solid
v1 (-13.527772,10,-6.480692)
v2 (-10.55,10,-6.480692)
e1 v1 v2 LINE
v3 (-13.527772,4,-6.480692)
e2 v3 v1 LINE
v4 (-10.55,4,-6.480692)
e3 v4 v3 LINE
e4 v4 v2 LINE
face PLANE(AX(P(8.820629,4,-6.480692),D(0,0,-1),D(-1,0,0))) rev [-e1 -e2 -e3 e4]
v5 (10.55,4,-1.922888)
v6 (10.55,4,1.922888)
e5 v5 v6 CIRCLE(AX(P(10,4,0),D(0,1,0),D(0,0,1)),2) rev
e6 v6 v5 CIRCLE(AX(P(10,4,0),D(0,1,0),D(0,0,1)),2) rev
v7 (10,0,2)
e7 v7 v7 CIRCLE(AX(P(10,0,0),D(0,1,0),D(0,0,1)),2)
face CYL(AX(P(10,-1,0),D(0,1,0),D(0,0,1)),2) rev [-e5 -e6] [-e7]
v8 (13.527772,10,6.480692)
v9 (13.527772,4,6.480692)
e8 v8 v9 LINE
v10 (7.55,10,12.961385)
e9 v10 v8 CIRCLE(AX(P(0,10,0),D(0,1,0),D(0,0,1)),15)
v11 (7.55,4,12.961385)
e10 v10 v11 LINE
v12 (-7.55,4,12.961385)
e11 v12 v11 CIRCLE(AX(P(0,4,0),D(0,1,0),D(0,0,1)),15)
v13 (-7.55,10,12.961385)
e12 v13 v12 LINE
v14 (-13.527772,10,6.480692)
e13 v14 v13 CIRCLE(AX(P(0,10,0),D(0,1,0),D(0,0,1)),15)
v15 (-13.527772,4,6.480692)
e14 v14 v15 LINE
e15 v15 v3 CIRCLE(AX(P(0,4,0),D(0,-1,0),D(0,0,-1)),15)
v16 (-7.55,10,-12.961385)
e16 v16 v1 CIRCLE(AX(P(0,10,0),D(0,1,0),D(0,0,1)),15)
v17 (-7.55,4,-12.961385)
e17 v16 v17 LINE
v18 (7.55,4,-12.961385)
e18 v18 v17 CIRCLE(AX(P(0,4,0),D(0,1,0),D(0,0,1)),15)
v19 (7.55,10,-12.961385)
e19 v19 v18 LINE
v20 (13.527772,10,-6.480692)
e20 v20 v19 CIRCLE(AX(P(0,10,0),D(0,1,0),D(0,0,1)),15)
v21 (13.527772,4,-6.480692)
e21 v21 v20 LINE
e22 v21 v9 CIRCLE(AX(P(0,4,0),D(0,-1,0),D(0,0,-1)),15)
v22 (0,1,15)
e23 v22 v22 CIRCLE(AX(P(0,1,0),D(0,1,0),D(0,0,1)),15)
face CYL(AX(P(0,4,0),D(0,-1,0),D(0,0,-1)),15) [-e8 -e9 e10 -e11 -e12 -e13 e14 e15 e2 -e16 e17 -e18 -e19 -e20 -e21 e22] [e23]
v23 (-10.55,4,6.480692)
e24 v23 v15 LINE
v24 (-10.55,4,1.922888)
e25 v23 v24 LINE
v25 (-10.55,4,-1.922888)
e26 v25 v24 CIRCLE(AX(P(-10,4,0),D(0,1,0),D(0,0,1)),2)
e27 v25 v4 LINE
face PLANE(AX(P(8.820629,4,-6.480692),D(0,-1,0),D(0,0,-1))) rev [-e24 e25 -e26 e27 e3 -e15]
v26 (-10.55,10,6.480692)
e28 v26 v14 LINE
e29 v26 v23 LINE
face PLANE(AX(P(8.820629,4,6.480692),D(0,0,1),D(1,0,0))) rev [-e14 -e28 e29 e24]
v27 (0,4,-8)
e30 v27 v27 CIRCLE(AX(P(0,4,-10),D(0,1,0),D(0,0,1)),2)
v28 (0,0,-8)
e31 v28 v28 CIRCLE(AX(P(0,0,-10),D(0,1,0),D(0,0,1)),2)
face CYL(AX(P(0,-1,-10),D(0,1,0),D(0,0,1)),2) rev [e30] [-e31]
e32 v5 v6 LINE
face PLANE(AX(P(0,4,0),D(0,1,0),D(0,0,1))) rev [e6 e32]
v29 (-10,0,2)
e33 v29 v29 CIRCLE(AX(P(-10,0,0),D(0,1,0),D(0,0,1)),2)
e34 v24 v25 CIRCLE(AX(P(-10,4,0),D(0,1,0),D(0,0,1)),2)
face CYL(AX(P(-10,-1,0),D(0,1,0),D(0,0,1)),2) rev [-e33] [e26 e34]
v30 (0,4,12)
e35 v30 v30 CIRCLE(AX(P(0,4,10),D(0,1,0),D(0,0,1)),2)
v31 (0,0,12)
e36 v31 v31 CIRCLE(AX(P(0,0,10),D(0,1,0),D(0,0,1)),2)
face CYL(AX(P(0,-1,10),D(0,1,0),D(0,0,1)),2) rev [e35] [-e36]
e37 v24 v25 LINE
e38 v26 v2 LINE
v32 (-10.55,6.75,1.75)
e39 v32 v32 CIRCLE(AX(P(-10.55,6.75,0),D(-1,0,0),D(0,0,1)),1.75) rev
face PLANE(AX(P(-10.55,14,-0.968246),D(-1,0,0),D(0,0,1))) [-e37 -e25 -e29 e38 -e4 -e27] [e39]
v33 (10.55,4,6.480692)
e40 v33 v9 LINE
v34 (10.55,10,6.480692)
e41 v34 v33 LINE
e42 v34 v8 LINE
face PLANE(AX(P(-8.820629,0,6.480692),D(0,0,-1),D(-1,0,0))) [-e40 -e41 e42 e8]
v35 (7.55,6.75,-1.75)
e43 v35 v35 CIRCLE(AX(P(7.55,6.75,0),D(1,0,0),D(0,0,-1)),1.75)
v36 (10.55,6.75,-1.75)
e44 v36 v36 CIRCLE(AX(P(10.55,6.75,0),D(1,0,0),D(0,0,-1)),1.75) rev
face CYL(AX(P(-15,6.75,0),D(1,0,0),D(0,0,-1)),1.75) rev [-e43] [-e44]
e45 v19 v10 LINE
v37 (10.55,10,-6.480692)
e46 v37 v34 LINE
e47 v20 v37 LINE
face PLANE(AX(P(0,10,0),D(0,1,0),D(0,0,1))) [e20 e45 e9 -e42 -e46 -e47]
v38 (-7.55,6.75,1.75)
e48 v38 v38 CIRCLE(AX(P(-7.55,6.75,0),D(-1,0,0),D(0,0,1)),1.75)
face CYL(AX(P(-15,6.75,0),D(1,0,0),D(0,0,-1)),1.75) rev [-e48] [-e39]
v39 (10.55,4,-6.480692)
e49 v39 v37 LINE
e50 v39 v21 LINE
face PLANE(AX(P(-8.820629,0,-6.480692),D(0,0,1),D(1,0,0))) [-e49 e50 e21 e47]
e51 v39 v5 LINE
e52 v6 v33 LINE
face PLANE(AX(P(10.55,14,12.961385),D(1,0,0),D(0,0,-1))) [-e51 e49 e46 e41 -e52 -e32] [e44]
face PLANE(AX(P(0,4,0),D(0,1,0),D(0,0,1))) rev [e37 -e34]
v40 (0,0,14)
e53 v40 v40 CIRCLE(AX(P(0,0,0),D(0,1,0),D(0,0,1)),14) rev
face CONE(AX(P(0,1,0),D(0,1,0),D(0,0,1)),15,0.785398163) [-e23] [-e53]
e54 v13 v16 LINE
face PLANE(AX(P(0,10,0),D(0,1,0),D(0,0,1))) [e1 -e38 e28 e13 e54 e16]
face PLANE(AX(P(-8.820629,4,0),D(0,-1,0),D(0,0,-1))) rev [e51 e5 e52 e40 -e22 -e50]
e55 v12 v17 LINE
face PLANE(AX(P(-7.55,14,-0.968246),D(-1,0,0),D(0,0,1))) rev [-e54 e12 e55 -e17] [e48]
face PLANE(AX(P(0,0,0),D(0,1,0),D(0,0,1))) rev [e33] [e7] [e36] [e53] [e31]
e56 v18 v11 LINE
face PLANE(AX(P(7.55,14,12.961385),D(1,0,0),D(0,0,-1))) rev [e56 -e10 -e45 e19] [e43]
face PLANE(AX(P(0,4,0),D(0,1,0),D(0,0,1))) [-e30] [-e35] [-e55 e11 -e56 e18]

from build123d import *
from build123d.topology import SkipClean

# Parameters (mm, degrees)
SKETCH1_R           = 15
BOSS_EXTRUDE1_DEPTH = 4
SKETCH2_R           = 2
CUT_EXTRUDE1_DEPTH  = 5
BOSS_EXTRUDE3_DEPTH = 10
CHAMFER1_SIZE       = 1
SKETCH5_R           = 1.75
CUT_EXTRUDE2_DEPTH  = 37.345563691
CUT_EXTRUDE4_DEPTH  = 4.45
SKETCH8_W           = 12.961384956
SKETCH8_H           = 10
CUT_EXTRUDE5_DEPTH  = 4.45
SKETCH9_R           = 16.342219082
CUT_EXTRUDE6_DEPTH  = 4


with BuildPart() as part:
    # Sketch1 → Boss-Extrude1 (new body)
    with BuildSketch(Plane(origin=(0, 0, 0), x_dir=(1, 0, 0), z_dir=(0, 1, 0))):
        with Locations(Location((0, 0, 0), (0, 0, 270))):
            Circle(SKETCH1_R)
    extrude(amount=BOSS_EXTRUDE1_DEPTH)

    # Sketch2 → Cut-Extrude1 (cut)
    with BuildSketch(Plane(origin=(0, 4, 0), x_dir=(1, 0, 0), z_dir=(0, 1, 0))):
        with Locations(Location((-10, 0, 0), (0, 0, 270))):
            Circle(SKETCH2_R)
        with Locations(Location((0, 10, 0), (0, 0, 270))):
            Circle(SKETCH2_R)
        with Locations(Location((10, 0, 0), (0, 0, 270))):
            Circle(SKETCH2_R)
        with Locations(Location((0, -10, 0), (0, 0, 270))):
            Circle(SKETCH2_R)
    extrude(amount=-CUT_EXTRUDE1_DEPTH, mode=Mode.SUBTRACT)

    # Sketch4 → Boss-Extrude3 (add)
    with SkipClean():  # the faces are left unmerged after this step: merging them gives an invalid solid
        with BuildSketch(Plane(origin=(0, 4, 0), x_dir=(1, 0, 0), z_dir=(0, 1, 0))):
            with BuildLine():
                Line((-7.55, -12.961384957), (-7.55, -0.968245837))
                Line((-7.55, -0.968245837), (-7.55, 0.968245837))
                Line((-7.55, 0.968245837), (-7.55, 12.961384957))
                ThreePointArc((-7.55, 12.961384957), (-15, 0), (-7.55, -12.961384957))
            make_face()
            with BuildLine():
                Line((7.55, -12.961384957), (7.55, -0.968245837))
                Line((7.55, -0.968245837), (7.55, 0.968245837))
                Line((7.55, 0.968245837), (7.55, 12.961384957))
                ThreePointArc((7.55, 12.961384957), (15, 0), (7.55, -12.961384957))
            make_face()
        extrude(amount=BOSS_EXTRUDE3_DEPTH)

    # Chamfer1
    chamfer1_edges = [part.edges().sort_by_distance(p)[0] for p in [
        (0, 0, -15),
    ]]
    chamfer(chamfer1_edges, length=CHAMFER1_SIZE)

    # Sketch5 → Cut-Extrude2 (cut, through all)
    with SkipClean():  # the faces are left unmerged after this step: merging them gives an invalid solid
        with BuildSketch(Plane(origin=(15, 0, 0), x_dir=(0, 0, -1), z_dir=(1, 0, 0))):
            with Locations((0, 6.75)):
                Circle(SKETCH5_R)
        extrude(amount=-CUT_EXTRUDE2_DEPTH, mode=Mode.SUBTRACT)

    # Sketch7 → Cut-Extrude4 (cut)
    with BuildSketch(Plane(origin=(15, 0, 0), x_dir=(0, 0, -1), z_dir=(1, 0, 0))):
        Polygon((-6.480692478, 9), (-6.480692478, 4), (0, 4), (0, 14), (-6.480692478, 14), align=None)
        Polygon((0, 14), (0, 4), (6.480692478, 4), (6.480692478, 9), (6.480692478, 14), align=None)
    extrude(amount=-CUT_EXTRUDE4_DEPTH, mode=Mode.SUBTRACT)

    # Sketch8 → Cut-Extrude5 (cut)
    with BuildSketch(Plane.ZY.offset(15)):
        with Locations((0, 9)):
            Rectangle(SKETCH8_W, SKETCH8_H)
    extrude(amount=-CUT_EXTRUDE5_DEPTH, mode=Mode.SUBTRACT)

    # Sketch9 → Cut-Extrude6 (cut)
    with SkipClean():  # the faces are left unmerged after this step: merging them gives an invalid solid
        with BuildSketch(Plane(origin=(0, 14, 0), x_dir=(1, 0, 0), z_dir=(0, 1, 0))):
            Circle(SKETCH9_R)
        extrude(amount=-CUT_EXTRUDE6_DEPTH, mode=Mode.SUBTRACT)


solid = part.part
